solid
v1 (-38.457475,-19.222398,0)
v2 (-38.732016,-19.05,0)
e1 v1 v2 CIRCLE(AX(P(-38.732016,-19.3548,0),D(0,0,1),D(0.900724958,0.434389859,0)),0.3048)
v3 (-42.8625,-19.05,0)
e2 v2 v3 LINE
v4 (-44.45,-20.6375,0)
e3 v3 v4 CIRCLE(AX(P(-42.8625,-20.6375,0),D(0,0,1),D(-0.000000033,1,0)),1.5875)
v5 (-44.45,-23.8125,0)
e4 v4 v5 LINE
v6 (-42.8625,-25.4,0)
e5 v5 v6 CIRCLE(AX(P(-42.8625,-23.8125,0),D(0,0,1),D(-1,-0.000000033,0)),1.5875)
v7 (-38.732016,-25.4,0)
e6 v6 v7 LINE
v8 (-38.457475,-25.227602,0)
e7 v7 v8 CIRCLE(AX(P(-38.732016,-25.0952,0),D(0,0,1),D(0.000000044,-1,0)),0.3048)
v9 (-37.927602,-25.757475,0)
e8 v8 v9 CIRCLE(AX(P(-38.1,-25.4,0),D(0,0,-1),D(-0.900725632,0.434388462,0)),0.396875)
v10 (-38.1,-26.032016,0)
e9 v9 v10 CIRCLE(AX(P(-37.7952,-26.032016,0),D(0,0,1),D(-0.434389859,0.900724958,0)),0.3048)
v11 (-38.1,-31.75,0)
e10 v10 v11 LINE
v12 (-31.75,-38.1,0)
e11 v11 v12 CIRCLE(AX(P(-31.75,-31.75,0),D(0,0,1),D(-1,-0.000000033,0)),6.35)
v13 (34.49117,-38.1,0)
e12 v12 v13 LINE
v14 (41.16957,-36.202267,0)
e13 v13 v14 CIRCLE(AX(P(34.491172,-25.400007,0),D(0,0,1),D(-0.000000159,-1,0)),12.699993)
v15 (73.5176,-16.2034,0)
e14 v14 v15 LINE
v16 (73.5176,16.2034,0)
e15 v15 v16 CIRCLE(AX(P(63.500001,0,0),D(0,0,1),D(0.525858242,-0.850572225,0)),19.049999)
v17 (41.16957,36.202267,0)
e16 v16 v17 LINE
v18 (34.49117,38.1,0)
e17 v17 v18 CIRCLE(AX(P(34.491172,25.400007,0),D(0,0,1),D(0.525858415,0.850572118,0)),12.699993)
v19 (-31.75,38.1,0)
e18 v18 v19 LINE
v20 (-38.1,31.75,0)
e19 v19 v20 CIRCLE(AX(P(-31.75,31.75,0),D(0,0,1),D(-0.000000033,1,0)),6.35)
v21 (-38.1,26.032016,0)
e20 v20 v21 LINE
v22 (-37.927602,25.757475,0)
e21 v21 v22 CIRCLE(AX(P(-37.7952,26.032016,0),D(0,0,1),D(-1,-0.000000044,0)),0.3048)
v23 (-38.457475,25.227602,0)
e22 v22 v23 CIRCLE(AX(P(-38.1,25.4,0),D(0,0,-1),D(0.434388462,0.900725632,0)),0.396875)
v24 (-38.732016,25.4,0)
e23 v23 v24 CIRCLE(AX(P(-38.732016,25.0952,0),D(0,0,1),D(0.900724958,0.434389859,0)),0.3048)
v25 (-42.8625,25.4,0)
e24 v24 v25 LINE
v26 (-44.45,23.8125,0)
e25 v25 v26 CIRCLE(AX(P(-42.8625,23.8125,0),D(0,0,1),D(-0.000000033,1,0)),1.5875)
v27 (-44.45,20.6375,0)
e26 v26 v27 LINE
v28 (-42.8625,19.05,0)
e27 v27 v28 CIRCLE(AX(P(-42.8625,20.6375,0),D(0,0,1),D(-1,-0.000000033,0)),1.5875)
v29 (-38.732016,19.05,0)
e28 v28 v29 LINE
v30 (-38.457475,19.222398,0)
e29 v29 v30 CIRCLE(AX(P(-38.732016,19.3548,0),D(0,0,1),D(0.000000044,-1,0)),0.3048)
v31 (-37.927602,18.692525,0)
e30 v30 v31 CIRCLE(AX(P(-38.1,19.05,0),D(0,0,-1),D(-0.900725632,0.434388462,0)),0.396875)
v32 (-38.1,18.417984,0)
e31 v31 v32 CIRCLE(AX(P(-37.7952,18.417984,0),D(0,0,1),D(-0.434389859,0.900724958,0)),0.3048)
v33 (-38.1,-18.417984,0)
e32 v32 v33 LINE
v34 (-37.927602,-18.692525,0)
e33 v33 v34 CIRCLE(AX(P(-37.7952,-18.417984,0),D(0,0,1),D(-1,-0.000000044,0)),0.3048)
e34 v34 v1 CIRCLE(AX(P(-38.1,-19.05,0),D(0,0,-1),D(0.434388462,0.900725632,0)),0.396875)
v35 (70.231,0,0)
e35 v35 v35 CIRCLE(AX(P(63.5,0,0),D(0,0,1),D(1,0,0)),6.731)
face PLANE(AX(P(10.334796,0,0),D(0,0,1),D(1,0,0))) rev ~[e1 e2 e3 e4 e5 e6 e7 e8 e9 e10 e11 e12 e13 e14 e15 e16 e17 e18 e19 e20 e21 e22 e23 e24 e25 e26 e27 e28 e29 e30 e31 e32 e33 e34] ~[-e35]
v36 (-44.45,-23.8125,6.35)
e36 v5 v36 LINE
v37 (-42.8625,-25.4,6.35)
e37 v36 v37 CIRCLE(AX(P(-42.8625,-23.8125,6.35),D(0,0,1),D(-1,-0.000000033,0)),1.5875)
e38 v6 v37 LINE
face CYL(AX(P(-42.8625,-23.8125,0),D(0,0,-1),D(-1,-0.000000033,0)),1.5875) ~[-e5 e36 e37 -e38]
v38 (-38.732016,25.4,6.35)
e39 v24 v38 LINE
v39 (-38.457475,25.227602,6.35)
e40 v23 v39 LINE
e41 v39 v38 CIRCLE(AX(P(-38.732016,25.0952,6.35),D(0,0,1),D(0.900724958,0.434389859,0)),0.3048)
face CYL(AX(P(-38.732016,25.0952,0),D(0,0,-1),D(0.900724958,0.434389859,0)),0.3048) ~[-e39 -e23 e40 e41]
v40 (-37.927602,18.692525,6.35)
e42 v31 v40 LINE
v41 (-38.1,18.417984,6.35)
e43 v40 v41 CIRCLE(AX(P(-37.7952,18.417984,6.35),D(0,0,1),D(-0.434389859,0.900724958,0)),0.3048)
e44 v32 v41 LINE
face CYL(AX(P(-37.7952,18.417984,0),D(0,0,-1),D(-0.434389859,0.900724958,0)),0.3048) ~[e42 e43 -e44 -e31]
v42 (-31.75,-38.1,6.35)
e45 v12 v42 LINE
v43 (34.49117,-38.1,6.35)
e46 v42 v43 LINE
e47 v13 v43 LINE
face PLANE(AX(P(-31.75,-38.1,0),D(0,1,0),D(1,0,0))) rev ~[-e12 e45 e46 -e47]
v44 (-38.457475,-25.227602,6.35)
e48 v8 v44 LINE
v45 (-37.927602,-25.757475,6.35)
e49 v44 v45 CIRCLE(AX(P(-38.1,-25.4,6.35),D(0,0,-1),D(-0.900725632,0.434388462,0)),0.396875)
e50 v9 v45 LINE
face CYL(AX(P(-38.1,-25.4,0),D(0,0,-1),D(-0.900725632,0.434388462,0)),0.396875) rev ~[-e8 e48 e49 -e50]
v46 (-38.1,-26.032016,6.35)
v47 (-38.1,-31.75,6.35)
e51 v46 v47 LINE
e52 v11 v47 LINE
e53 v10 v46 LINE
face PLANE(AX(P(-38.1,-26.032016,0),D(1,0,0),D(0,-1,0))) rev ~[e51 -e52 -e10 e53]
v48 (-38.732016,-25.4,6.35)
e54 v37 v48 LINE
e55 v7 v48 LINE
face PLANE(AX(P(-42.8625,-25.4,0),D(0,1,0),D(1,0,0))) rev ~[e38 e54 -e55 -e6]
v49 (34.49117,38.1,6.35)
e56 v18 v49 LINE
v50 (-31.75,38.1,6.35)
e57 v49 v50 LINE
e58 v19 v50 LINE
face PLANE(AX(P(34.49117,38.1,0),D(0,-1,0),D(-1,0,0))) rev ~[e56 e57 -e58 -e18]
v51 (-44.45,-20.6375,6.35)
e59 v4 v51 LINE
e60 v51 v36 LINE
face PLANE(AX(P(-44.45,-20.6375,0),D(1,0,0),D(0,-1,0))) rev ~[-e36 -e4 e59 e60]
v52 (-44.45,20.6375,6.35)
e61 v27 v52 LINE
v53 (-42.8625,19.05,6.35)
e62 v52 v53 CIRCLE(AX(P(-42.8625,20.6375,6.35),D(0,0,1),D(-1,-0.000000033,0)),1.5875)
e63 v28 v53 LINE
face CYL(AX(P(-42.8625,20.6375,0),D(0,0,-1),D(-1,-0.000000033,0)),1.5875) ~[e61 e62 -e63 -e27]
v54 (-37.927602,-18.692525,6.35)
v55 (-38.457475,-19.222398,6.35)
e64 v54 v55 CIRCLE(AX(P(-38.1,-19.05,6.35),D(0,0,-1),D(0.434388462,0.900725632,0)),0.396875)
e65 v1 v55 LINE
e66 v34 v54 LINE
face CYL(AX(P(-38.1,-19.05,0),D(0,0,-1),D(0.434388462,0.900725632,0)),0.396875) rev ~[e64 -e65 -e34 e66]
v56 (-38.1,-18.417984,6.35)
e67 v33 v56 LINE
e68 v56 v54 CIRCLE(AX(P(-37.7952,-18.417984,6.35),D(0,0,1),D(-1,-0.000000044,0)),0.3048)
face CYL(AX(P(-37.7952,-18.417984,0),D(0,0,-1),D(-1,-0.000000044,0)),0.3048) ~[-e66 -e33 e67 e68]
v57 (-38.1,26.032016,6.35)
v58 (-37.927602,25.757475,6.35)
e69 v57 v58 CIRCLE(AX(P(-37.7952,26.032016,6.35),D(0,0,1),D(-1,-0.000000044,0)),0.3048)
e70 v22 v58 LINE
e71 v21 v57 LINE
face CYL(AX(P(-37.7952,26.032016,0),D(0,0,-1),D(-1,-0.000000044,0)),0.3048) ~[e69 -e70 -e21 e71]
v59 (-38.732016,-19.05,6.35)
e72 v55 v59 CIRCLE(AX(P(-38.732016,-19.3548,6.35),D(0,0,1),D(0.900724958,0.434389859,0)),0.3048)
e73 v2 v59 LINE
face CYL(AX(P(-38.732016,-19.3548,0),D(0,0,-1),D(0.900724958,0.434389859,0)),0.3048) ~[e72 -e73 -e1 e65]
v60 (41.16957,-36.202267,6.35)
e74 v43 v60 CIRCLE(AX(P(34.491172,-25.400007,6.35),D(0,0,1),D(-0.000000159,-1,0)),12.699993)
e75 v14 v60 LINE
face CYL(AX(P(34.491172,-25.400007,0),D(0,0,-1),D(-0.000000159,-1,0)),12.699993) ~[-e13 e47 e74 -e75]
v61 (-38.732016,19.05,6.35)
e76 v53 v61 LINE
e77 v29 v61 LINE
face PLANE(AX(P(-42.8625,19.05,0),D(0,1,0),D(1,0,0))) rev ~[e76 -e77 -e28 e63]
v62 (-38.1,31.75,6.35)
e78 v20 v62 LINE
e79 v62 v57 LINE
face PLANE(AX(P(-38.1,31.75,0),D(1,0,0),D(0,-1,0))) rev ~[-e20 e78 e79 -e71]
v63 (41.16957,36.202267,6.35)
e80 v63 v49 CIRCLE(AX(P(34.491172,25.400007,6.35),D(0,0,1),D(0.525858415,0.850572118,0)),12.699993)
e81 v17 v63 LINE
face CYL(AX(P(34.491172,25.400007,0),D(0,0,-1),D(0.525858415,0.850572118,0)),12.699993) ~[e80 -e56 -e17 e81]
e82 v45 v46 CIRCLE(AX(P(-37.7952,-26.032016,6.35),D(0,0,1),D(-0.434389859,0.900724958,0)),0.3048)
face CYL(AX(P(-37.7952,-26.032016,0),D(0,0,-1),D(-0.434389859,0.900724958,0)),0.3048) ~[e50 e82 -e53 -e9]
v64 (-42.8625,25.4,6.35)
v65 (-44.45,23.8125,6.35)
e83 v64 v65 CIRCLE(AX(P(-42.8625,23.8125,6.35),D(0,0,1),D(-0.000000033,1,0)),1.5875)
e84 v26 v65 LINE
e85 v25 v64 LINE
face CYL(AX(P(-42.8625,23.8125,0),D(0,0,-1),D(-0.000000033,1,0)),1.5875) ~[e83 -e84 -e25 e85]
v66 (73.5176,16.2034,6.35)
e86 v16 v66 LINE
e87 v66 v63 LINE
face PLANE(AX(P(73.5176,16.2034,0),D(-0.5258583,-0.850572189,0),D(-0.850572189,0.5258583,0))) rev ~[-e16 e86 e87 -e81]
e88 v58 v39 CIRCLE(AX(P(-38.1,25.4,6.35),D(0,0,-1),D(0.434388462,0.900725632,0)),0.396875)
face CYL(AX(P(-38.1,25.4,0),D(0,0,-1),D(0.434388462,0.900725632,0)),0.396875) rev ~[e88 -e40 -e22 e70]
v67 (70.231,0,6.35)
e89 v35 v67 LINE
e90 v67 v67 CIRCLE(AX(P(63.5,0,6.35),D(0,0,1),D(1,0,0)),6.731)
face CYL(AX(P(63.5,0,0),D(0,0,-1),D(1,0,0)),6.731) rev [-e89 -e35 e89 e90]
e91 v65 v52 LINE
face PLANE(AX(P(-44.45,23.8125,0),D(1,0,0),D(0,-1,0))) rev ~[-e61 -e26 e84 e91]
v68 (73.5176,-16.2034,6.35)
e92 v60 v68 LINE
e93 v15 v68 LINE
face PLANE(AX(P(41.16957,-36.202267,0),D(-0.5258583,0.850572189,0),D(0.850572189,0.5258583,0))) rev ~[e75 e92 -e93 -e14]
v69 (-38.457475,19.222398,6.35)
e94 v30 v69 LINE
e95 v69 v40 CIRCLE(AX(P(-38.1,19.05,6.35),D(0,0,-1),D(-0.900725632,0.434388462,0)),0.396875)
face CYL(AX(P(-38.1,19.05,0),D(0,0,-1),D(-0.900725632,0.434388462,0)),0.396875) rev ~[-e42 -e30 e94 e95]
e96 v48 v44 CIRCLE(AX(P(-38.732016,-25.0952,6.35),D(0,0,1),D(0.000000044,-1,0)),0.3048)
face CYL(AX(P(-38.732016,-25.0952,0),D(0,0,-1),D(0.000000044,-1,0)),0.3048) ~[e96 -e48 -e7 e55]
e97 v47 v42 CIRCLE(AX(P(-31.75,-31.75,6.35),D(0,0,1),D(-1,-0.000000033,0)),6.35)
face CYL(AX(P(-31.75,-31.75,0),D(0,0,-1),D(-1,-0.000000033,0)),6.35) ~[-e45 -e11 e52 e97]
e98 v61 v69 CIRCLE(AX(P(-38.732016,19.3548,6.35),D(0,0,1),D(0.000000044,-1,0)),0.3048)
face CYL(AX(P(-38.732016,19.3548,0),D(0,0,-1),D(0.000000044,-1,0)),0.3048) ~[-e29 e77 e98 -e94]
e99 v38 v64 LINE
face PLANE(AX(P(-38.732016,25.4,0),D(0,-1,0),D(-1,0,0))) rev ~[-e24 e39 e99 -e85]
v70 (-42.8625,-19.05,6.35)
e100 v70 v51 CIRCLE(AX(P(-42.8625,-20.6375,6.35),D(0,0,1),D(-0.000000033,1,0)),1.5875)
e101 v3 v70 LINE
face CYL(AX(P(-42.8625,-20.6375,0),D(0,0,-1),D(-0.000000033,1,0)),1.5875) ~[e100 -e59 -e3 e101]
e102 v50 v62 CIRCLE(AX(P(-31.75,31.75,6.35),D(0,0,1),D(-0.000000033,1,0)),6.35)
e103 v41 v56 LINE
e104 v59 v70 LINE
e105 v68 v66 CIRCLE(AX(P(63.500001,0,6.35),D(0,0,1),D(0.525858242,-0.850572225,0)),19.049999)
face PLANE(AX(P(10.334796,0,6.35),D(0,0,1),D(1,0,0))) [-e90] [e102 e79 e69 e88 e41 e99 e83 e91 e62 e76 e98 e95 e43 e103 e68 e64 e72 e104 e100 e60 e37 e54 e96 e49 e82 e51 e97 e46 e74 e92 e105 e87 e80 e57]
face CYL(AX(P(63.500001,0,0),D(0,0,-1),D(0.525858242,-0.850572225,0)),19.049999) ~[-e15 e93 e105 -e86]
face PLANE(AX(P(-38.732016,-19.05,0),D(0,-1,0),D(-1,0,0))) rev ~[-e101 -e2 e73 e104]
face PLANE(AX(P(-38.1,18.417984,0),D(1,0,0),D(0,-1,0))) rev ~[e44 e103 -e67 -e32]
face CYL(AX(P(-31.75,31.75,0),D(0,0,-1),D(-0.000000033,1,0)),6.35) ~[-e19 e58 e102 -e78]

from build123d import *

# Parameters (mm, degrees)
F0_R     = 6.731
F1_DEPTH = 6.35


with BuildPart() as f1:
    # F0 (on Top) → F1 (new body)
    with BuildSketch(Plane.XY):
        with BuildLine():
            ThreePointArc((41.16957, 36.202267), (37.962568, 37.616358), (34.49117, 38.1))
            Line((34.49117, 38.1), (-31.75, 38.1))
            ThreePointArc((-31.75, 38.1), (-36.240128, 36.240128), (-38.1, 31.75))
            Line((-38.1, 31.75), (-38.1, 26.032016))
            ThreePointArc((-38.1, 26.032016), (-38.053327, 25.869925), (-37.927602, 25.757475))
            ThreePointArc((-37.927602, 25.757475), (-37.819367, 25.119367), (-38.457475, 25.227602))
            ThreePointArc((-38.457475, 25.227602), (-38.569925, 25.353327), (-38.732016, 25.4))
            Line((-38.732016, 25.4), (-42.8625, 25.4))
            ThreePointArc((-42.8625, 25.4), (-43.985032, 24.935032), (-44.45, 23.8125))
            Line((-44.45, 23.8125), (-44.45, 20.6375))
            ThreePointArc((-44.45, 20.6375), (-43.985032, 19.514968), (-42.8625, 19.05))
            Line((-42.8625, 19.05), (-38.732016, 19.05))
            ThreePointArc((-38.732016, 19.05), (-38.569925, 19.096673), (-38.457475, 19.222398))
            ThreePointArc((-38.457475, 19.222398), (-37.819367, 19.330633), (-37.927602, 18.692525))
            ThreePointArc((-37.927602, 18.692525), (-38.053327, 18.580075), (-38.1, 18.417984))
            Line((-38.1, 18.417984), (-38.1, -18.417984))
            ThreePointArc((-38.1, -18.417984), (-38.053327, -18.580075), (-37.927602, -18.692525))
            ThreePointArc((-37.927602, -18.692525), (-37.819367, -19.330633), (-38.457475, -19.222398))
            ThreePointArc((-38.457475, -19.222398), (-38.569925, -19.096673), (-38.732016, -19.05))
            Line((-38.732016, -19.05), (-42.8625, -19.05))
            ThreePointArc((-42.8625, -19.05), (-43.985032, -19.514968), (-44.45, -20.6375))
            Line((-44.45, -20.6375), (-44.45, -23.8125))
            ThreePointArc((-44.45, -23.8125), (-43.985032, -24.935032), (-42.8625, -25.4))
            Line((-42.8625, -25.4), (-38.732016, -25.4))
            ThreePointArc((-38.732016, -25.4), (-38.569925, -25.353327), (-38.457475, -25.227602))
            ThreePointArc((-38.457475, -25.227602), (-37.819367, -25.119367), (-37.927602, -25.757475))
            ThreePointArc((-37.927602, -25.757475), (-38.053327, -25.869925), (-38.1, -26.032016))
            Line((-38.1, -26.032016), (-38.1, -31.75))
            ThreePointArc((-38.1, -31.75), (-36.240128, -36.240128), (-31.75, -38.1))
            Line((-31.75, -38.1), (34.49117, -38.1))
            ThreePointArc((34.49117, -38.1), (37.962568, -37.616358), (41.16957, -36.202267))
            Line((41.16957, -36.202267), (73.5176, -16.2034))
            ThreePointArc((73.5176, -16.2034), (82.55, 0), (73.5176, 16.2034))
            Line((73.5176, 16.2034), (41.16957, 36.202267))
        make_face()
        with Locations((63.5, 0)):
            Circle(F0_R, mode=Mode.SUBTRACT)
    extrude(amount=F1_DEPTH)


solid = f1.part
